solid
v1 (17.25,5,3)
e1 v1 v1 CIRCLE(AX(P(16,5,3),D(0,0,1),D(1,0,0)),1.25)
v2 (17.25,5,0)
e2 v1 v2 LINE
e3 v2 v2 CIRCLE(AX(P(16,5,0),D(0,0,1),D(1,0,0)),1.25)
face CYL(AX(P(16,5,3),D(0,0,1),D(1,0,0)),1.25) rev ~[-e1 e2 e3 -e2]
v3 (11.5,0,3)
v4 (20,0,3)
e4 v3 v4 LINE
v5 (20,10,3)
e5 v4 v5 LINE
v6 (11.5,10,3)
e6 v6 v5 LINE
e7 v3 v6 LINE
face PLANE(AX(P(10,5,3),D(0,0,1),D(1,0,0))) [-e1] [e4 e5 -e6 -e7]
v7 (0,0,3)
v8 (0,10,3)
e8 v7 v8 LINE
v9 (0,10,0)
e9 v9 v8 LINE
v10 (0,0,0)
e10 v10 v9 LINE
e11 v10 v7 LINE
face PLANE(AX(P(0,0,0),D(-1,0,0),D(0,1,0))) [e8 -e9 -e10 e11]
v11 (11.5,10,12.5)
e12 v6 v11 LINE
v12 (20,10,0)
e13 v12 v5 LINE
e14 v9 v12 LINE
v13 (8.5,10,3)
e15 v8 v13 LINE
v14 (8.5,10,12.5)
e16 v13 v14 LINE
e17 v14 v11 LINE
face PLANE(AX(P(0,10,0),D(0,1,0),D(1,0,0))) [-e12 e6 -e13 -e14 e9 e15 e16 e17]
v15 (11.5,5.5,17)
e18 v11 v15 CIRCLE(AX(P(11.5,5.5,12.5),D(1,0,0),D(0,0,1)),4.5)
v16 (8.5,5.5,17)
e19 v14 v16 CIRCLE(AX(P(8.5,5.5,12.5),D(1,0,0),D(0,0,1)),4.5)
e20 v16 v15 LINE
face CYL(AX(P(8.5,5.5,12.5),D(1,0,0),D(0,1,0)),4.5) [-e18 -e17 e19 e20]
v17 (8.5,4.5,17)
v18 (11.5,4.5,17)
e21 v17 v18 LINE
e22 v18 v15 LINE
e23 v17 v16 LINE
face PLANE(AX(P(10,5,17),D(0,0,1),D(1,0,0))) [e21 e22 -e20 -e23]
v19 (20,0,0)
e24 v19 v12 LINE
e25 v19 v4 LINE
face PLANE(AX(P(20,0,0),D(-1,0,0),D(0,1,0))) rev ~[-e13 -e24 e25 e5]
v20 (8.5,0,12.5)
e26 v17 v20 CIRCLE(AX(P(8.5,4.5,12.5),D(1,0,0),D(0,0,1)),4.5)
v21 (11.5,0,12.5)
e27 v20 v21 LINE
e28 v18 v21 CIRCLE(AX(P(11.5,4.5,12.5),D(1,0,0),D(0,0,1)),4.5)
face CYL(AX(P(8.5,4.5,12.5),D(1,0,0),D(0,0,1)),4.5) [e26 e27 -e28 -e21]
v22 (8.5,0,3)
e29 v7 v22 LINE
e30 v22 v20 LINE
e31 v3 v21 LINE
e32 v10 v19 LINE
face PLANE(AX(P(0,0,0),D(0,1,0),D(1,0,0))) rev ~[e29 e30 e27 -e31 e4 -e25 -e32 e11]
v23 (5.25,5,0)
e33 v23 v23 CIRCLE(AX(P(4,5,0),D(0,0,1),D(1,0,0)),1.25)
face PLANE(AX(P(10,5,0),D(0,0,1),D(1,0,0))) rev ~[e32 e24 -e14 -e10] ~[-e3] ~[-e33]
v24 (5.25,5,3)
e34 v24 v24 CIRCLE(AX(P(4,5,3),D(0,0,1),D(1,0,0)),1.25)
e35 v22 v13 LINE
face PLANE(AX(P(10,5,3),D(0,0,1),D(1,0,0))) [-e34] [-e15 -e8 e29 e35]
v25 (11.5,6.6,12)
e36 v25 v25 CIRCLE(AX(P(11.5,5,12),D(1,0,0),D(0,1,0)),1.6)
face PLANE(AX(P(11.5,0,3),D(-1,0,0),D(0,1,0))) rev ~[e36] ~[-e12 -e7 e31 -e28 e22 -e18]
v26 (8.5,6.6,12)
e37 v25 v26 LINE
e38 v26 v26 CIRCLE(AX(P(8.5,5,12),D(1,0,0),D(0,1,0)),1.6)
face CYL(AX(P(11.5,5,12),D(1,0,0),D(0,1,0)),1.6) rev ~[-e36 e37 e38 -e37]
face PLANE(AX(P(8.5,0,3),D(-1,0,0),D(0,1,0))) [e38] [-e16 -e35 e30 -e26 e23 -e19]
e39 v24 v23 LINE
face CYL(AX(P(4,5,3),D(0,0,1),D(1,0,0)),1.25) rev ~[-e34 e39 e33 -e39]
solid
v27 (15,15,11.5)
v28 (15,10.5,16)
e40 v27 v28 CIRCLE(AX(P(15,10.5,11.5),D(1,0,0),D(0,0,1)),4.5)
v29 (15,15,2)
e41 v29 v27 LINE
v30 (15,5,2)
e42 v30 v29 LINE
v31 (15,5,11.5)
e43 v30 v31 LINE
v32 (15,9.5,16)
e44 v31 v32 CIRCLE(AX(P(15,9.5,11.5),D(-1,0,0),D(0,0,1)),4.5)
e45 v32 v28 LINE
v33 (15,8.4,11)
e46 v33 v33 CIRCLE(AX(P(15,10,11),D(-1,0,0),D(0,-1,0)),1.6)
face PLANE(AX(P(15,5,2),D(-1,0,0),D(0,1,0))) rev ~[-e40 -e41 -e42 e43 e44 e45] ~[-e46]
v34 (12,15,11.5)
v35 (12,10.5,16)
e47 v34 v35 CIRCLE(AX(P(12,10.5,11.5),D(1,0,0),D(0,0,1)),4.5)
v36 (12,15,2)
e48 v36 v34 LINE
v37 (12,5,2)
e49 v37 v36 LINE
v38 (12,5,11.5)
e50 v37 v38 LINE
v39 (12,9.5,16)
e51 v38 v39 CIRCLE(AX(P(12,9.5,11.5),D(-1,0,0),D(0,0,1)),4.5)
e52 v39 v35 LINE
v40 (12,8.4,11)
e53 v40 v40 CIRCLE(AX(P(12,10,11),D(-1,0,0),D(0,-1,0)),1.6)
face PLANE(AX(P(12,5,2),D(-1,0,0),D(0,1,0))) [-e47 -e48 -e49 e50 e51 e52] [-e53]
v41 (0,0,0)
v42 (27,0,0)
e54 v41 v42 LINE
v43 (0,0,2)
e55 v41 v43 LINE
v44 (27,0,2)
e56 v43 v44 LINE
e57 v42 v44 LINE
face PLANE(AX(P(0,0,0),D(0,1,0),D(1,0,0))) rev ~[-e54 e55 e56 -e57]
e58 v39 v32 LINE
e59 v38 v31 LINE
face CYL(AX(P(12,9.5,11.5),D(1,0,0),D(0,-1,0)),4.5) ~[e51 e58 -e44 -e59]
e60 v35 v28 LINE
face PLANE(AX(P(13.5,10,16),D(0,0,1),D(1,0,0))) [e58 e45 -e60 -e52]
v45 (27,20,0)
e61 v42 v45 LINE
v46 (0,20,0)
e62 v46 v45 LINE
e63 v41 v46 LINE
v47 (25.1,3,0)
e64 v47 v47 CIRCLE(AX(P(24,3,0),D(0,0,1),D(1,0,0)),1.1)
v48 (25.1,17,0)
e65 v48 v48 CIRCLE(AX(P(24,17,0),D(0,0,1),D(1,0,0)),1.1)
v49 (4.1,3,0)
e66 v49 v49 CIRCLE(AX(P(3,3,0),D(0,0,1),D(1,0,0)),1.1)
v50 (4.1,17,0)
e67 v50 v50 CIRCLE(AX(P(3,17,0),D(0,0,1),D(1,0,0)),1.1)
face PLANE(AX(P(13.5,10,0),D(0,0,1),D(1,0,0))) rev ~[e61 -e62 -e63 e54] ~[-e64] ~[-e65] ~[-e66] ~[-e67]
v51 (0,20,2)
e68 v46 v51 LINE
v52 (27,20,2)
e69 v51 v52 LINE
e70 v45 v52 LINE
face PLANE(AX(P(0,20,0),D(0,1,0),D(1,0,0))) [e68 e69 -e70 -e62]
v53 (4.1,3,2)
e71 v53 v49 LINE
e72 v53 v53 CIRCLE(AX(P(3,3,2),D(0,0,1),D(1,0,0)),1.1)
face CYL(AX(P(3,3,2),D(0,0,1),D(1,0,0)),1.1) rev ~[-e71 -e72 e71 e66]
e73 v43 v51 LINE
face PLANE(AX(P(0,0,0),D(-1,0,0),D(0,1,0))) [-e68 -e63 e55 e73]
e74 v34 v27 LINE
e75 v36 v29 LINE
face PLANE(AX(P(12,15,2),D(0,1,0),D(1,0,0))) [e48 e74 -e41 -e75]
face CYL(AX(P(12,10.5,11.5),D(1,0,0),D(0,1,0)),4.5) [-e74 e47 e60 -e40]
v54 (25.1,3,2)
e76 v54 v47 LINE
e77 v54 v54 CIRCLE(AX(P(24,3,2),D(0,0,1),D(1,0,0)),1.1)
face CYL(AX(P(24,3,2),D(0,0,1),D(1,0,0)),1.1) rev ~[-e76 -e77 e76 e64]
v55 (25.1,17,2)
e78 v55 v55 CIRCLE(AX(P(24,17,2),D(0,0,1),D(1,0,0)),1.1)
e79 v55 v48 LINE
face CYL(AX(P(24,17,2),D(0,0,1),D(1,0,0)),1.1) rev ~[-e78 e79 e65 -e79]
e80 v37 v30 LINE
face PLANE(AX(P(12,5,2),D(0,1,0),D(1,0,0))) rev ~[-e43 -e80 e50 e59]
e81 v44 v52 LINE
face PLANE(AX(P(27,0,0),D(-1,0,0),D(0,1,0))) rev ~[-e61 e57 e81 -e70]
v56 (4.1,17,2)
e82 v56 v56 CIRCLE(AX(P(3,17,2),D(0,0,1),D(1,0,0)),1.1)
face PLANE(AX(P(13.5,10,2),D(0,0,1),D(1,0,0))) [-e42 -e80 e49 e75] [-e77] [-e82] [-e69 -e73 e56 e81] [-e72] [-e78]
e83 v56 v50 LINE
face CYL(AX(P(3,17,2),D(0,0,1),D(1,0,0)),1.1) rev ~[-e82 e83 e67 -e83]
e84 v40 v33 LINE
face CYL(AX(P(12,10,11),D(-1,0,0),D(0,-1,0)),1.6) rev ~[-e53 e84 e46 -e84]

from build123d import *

# Parameters (mm, degrees)
SKETCH_W        = 20
SKETCH_H        = 10
PAD_DEPTH       = 3
SKETCH001_W     = 3
SKETCH001_H     = 10
PAD001_DEPTH    = 14
SKETCH002_R     = 1.25
POCKET_DEPTH    = 3
SKETCH003_R     = 1.6
POCKET001_DEPTH = 3
FILLET_R        = 4.5
FILLET001_R     = 4.5
SKETCH004_W     = 27
SKETCH004_H     = 20
PAD002_DEPTH    = 2
SKETCH005_W     = 3
SKETCH005_H     = 10
PAD003_DEPTH    = 14
SKETCH007_R     = 1.1
POCKET002_DEPTH = 3
SKETCH006_R     = 1.6
POCKET003_DEPTH = 3
POCKET004_DEPTH = 3
FILLET002_R     = 4.5


with BuildPart() as body:
    # Sketch → Pad (new body)
    with BuildSketch(Plane.XY):
        with Locations((10, 5)):
            Rectangle(SKETCH_W, SKETCH_H)
    extrude(amount=PAD_DEPTH)

    # Sketch001 (on Face6 of Pad) → Pad001 (join)
    with BuildSketch(Plane.XY.offset(3)):
        with Locations((10, 5)):
            Rectangle(SKETCH001_W, SKETCH001_H)
    extrude(amount=PAD001_DEPTH)

    # Sketch002 (on Face5 of Pad001) → Pocket (cut)
    with BuildSketch(Plane.XY.offset(3)):
        with Locations((4, 5)):
            Circle(SKETCH002_R)
        with Locations((16, 5)):
            Circle(SKETCH002_R)
    extrude(amount=-POCKET_DEPTH, mode=Mode.SUBTRACT)

    # Sketch003 (on Face10 of Pad001) → Pocket001 (cut)
    with BuildSketch(Plane.YZ.offset(11.5)):
        with Locations((5, 12)):
            Circle(SKETCH003_R)
    extrude(amount=-POCKET001_DEPTH, mode=Mode.SUBTRACT)

    # Fillet
    fillet_edges = [body.edges().sort_by_distance(p)[0] for p in [
        (10, 10, 17),
    ]]
    fillet(fillet_edges, radius=FILLET_R)

    # Fillet001
    fillet001_edges = [body.edges().sort_by_distance(p)[0] for p in [
        (10, 0, 17),
    ]]
    fillet(fillet001_edges, radius=FILLET001_R)


with BuildPart() as body2:
    # Sketch004 → Pad002 (new body)
    with BuildSketch(Plane.XY):
        with Locations((13.5, 10)):
            Rectangle(SKETCH004_W, SKETCH004_H)
    extrude(amount=PAD002_DEPTH)

    # Sketch005 (on Face6 of Pad002) → Pad003 (join)
    with BuildSketch(Plane.XY.offset(2)):
        with Locations((13.5, 10)):
            Rectangle(SKETCH005_W, SKETCH005_H)
    extrude(amount=PAD003_DEPTH)

    # Sketch007 (on Face5 of Pad003) → Pocket002 (cut)
    with BuildSketch(Plane.XY.offset(2)):
        with Locations((3, 17)):
            Circle(SKETCH007_R)
        with Locations((24, 17)):
            Circle(SKETCH007_R)
        with Locations((3, 3)):
            Circle(SKETCH007_R)
        with Locations((24, 3)):
            Circle(SKETCH007_R)
    extrude(amount=-POCKET002_DEPTH, mode=Mode.SUBTRACT)

    # Sketch006 (on Face10 of Pad003) → Pocket003 (cut)
    with BuildSketch(Plane(origin=(12, 0, 0), x_dir=(0, -1, 0), z_dir=(-1, 0, 0))):
        with Locations((-10, 11)):
            Circle(SKETCH006_R)
    extrude(amount=-POCKET003_DEPTH, mode=Mode.SUBTRACT)

    # Sketch007 (on Face5 of Pad003) → Pocket004 (cut)
    with BuildSketch(Plane.XY.offset(2)):
        with Locations((3, 17)):
            Circle(SKETCH007_R)
        with Locations((24, 17)):
            Circle(SKETCH007_R)
        with Locations((3, 3)):
            Circle(SKETCH007_R)
        with Locations((24, 3)):
            Circle(SKETCH007_R)
    extrude(amount=-POCKET004_DEPTH, mode=Mode.SUBTRACT)

    # Fillet002
    fillet002_edges = [body2.edges().sort_by_distance(p)[0] for p in [
        (13.5, 15, 16),
        (13.5, 5, 16),
    ]]
    fillet(fillet002_edges, radius=FILLET002_R)


solid = Compound([body.part, body2.part])
